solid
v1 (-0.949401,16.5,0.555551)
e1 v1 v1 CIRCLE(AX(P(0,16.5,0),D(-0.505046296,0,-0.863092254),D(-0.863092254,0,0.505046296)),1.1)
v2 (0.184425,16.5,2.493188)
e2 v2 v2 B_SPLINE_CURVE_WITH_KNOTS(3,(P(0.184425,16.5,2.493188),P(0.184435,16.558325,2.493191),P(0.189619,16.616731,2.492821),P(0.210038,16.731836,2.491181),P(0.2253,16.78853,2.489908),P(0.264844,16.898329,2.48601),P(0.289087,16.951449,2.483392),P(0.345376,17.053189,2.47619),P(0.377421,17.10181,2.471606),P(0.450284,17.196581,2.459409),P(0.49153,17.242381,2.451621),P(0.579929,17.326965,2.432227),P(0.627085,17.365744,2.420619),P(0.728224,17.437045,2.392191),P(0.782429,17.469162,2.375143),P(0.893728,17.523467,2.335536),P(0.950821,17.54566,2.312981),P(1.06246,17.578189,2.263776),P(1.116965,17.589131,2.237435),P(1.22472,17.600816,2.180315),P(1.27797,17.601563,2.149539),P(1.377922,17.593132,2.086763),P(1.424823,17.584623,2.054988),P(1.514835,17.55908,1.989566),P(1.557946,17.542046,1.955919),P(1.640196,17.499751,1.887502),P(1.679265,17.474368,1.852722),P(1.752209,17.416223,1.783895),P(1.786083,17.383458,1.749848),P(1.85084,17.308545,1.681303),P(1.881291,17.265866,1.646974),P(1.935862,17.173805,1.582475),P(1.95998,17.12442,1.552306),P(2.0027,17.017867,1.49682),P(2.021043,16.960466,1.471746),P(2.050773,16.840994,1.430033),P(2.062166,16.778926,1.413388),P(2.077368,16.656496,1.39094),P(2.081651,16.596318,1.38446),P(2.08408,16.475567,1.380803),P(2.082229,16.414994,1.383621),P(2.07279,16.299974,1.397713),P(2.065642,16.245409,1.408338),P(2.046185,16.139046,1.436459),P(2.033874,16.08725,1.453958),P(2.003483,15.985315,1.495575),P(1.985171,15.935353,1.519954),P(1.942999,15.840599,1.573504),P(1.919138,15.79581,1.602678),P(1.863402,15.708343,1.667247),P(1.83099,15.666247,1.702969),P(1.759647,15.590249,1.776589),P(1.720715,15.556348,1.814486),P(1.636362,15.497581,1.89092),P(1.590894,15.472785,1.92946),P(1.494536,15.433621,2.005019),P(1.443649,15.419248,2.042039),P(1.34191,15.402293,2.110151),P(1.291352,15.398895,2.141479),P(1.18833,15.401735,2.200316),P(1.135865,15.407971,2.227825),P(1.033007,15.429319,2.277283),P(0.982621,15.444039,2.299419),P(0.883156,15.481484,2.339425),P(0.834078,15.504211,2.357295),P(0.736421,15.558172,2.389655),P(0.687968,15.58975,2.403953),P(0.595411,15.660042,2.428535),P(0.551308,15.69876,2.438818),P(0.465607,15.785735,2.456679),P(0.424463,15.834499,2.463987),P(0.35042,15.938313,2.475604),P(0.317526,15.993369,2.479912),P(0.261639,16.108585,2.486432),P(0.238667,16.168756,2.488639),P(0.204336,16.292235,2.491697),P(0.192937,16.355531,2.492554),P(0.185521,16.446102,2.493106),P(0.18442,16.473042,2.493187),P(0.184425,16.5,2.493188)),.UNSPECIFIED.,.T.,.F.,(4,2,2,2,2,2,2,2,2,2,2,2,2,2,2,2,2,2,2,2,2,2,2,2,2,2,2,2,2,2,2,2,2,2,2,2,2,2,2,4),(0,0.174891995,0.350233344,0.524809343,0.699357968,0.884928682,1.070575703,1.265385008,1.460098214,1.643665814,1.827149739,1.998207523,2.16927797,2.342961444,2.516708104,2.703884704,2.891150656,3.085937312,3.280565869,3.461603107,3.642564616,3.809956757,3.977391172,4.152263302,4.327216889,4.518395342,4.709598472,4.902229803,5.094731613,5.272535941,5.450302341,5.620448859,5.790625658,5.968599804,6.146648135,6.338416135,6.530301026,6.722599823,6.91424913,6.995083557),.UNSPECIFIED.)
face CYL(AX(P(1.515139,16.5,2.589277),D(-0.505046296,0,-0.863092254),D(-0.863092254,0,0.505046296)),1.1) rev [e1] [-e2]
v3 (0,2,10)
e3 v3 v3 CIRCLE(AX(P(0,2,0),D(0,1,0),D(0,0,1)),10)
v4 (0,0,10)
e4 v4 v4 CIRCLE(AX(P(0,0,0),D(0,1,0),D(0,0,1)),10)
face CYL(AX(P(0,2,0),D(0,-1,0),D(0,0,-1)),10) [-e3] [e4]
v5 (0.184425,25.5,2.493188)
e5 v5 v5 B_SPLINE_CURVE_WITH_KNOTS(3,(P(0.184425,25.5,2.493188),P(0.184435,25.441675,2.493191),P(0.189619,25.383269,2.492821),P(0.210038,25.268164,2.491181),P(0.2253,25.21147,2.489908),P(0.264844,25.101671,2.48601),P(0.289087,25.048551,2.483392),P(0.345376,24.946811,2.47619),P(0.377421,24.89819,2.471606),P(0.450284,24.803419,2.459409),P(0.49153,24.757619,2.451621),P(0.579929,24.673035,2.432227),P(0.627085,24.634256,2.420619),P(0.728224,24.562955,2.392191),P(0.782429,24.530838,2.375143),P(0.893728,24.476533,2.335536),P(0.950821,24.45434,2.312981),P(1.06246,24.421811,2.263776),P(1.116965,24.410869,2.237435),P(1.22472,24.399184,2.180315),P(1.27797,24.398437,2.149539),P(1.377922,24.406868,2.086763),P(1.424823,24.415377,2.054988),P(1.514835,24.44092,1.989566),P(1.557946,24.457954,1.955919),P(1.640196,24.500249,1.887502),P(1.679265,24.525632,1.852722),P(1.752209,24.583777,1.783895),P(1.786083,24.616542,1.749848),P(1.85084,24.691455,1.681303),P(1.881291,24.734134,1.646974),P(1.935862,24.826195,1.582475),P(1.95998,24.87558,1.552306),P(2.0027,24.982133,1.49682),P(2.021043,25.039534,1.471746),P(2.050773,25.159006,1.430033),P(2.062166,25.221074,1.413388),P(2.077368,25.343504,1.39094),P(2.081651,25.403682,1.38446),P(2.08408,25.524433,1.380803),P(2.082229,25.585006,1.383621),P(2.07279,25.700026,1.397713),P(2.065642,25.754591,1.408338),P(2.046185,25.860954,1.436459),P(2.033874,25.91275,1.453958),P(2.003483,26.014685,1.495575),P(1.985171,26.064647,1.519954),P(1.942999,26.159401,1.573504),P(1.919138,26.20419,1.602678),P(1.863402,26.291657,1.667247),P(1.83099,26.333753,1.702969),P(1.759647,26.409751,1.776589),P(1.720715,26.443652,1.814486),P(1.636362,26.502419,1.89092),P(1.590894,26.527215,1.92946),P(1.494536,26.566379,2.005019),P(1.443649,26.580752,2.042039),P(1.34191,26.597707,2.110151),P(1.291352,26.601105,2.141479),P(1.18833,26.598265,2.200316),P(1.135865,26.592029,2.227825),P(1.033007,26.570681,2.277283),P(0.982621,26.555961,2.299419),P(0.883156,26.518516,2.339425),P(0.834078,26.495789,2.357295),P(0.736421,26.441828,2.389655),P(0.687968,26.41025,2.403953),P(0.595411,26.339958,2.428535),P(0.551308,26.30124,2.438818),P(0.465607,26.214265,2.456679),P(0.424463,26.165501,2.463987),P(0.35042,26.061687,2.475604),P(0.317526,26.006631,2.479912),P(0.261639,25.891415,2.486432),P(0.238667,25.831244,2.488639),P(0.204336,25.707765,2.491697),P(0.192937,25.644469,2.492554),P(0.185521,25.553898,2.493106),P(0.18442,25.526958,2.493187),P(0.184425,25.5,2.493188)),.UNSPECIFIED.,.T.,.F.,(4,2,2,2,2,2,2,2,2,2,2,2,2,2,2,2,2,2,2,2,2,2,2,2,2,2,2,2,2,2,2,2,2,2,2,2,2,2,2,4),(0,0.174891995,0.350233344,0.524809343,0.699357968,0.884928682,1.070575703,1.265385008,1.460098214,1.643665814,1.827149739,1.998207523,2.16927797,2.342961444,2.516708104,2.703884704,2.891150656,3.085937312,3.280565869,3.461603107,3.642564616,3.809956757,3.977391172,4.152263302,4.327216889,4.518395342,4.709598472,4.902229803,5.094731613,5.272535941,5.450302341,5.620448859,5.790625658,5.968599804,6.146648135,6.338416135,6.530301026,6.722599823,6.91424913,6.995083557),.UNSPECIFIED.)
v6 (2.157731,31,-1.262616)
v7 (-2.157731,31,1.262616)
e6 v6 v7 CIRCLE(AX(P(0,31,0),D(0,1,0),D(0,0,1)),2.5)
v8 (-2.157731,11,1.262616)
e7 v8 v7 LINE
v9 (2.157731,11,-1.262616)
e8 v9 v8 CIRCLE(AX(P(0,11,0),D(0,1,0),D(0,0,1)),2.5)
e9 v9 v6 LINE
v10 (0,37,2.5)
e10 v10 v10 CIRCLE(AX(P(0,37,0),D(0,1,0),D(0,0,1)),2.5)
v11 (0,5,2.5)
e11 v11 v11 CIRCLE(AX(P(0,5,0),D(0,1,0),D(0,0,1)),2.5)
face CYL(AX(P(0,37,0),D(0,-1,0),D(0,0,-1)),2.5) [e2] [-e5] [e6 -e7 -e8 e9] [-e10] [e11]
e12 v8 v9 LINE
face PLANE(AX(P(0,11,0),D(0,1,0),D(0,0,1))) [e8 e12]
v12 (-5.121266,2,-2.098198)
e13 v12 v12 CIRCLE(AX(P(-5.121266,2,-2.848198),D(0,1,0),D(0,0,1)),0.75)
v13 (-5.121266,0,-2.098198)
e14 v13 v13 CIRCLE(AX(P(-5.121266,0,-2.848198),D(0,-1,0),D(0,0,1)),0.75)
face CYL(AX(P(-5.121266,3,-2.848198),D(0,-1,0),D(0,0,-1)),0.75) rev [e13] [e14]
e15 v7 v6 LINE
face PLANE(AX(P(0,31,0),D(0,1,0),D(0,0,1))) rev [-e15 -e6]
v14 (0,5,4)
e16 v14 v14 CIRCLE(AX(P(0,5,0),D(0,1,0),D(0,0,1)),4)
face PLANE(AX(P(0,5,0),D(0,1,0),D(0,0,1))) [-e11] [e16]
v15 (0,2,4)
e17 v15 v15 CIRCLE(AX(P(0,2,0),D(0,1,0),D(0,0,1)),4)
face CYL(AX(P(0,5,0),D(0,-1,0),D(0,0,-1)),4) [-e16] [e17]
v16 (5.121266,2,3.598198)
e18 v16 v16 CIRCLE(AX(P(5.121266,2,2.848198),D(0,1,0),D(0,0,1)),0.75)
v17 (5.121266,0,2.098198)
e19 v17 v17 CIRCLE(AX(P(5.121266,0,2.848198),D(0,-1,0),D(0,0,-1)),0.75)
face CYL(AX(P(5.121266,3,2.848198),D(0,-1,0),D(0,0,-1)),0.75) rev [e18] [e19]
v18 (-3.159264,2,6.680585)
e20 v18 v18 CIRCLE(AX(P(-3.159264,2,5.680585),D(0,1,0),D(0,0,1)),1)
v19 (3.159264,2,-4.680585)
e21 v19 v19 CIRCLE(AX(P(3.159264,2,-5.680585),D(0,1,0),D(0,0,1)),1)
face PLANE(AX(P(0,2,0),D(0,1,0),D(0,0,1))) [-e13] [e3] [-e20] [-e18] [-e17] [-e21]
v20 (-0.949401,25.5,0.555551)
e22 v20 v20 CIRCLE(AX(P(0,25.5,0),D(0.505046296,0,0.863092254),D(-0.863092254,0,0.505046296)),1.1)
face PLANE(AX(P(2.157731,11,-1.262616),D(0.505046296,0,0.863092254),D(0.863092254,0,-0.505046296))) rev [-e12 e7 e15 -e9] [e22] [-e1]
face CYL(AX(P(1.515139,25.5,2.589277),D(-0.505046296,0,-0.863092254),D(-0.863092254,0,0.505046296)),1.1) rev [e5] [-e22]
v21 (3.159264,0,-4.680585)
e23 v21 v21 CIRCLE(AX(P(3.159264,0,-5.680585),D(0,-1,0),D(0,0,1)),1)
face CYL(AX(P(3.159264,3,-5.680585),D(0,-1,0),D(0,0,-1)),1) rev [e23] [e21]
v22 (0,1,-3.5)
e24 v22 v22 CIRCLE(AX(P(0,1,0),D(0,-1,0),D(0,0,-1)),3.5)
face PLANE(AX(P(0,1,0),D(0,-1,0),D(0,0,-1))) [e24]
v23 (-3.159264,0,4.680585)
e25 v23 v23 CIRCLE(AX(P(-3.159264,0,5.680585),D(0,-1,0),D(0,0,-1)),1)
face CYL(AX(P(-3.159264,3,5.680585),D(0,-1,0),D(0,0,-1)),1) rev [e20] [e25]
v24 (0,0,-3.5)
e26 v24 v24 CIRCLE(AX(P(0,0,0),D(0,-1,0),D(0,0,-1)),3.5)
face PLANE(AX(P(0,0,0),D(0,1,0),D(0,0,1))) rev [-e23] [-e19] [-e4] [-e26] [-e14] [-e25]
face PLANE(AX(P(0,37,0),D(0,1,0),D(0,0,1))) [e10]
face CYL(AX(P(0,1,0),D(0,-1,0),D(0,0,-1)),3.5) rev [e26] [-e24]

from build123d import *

# Parameters (mm, degrees)
SKETCH_1_R          = 10
EXTRUDE_1_DEPTH     = 2
SKETCH_2_R          = 2.5
EXTRUDE_2_DEPTH     = 35
SKETCH_3_R          = 1
SKETCH_3_R_2        = 0.75
CUT_EXTRUDE_1_DEPTH = 3
SKETCH_4_R          = 3.5
CUT_EXTRUDE_2_DEPTH = 1
SKETCH_6_R          = 4
EXTRUDE_4_DEPTH     = 3
CUT_EXTRUDE_START   = -26
CUT_EXTRUDE_3_DEPTH = 20
SKETCH_12_R         = 1.1
CUT_EXTRUDE_6_DEPTH = 3


with BuildPart() as part:
    # 草图1 → 凸台-拉伸1 (new body)
    with BuildSketch(Plane(origin=(0, 0, 0), x_dir=(1, 0, 0), z_dir=(0, 1, 0))):
        with Locations(Location((0, 0, 0), (0, 0, 270))):
            Circle(SKETCH_1_R)
    extrude(amount=EXTRUDE_1_DEPTH)

    # 草图2 → 凸台-拉伸2 (add)
    with BuildSketch(Plane(origin=(0, 2, 0), x_dir=(1, 0, 0), z_dir=(0, 1, 0))):
        with Locations(Location((0, 0, 0), (0, 0, 270))):
            Circle(SKETCH_2_R)
    extrude(amount=EXTRUDE_2_DEPTH)

    # 草图3 → 切除-拉伸1 (cut)
    with BuildSketch(Plane.XZ):
        with Locations(Location((-3.15926406, 5.68058541, 0), (0, 0, 270))):
            Circle(SKETCH_3_R)
        with Locations(Location((3.15926406, -5.68058541, 0), (0, 0, 90))):
            Circle(SKETCH_3_R)
        with Locations(Location((5.121266231, 2.84819806, 0), (0, 0, 270))):
            Circle(SKETCH_3_R_2)
        with Locations(Location((-5.121266231, -2.84819806, 0), (0, 0, 90))):
            Circle(SKETCH_3_R_2)
    extrude(amount=-CUT_EXTRUDE_1_DEPTH, mode=Mode.SUBTRACT)

    # 草图4 → 切除-拉伸2 (cut)
    with BuildSketch(Plane.XZ):
        with Locations(Location((0, 0, 0), (0, 0, 270))):
            Circle(SKETCH_4_R)
    extrude(amount=-CUT_EXTRUDE_2_DEPTH, mode=Mode.SUBTRACT)

    # 草图6 → 凸台-拉伸4 (add)
    with BuildSketch(Plane(origin=(0, 2, 0), x_dir=(1, 0, 0), z_dir=(0, 1, 0))):
        with Locations(Location((0, 0, 0), (0, 0, 270))):
            Circle(SKETCH_6_R)
    extrude(amount=EXTRUDE_4_DEPTH)

    # 草图7 → 切除-拉伸3 (cut)
    with BuildSketch(Plane(origin=(0, 37, 0), x_dir=(1, 0, 0), z_dir=(0, 1, 0)).offset(CUT_EXTRUDE_START)):
        with BuildLine():
            Line((2.157730635, 1.26261574), (-2.157730635, -1.26261574))
            ThreePointArc((-2.157730635, -1.26261574), (-1.26261574, 2.157730635), (2.157730635, 1.26261574))
        make_face()
    extrude(amount=CUT_EXTRUDE_3_DEPTH, mode=Mode.SUBTRACT)

    # 草图12 → 切除-拉伸6 (cut)
    with BuildSketch(Plane(origin=(0, 0, 0), x_dir=(-0.8630922540018389, 0, 0.5050462959789186), z_dir=(-0.5050462959789186, 0, -0.8630922540018389))):
        with Locations((0, 16.5)):
            Circle(SKETCH_12_R)
    cut_extrude_6 = extrude(amount=-CUT_EXTRUDE_6_DEPTH, mode=Mode.SUBTRACT)

    # 镜向1: 切除-拉伸6 across plane
    add(cut_extrude_6.mirror(Plane.ZX.offset(21)), mode=Mode.SUBTRACT)


solid = part.part
